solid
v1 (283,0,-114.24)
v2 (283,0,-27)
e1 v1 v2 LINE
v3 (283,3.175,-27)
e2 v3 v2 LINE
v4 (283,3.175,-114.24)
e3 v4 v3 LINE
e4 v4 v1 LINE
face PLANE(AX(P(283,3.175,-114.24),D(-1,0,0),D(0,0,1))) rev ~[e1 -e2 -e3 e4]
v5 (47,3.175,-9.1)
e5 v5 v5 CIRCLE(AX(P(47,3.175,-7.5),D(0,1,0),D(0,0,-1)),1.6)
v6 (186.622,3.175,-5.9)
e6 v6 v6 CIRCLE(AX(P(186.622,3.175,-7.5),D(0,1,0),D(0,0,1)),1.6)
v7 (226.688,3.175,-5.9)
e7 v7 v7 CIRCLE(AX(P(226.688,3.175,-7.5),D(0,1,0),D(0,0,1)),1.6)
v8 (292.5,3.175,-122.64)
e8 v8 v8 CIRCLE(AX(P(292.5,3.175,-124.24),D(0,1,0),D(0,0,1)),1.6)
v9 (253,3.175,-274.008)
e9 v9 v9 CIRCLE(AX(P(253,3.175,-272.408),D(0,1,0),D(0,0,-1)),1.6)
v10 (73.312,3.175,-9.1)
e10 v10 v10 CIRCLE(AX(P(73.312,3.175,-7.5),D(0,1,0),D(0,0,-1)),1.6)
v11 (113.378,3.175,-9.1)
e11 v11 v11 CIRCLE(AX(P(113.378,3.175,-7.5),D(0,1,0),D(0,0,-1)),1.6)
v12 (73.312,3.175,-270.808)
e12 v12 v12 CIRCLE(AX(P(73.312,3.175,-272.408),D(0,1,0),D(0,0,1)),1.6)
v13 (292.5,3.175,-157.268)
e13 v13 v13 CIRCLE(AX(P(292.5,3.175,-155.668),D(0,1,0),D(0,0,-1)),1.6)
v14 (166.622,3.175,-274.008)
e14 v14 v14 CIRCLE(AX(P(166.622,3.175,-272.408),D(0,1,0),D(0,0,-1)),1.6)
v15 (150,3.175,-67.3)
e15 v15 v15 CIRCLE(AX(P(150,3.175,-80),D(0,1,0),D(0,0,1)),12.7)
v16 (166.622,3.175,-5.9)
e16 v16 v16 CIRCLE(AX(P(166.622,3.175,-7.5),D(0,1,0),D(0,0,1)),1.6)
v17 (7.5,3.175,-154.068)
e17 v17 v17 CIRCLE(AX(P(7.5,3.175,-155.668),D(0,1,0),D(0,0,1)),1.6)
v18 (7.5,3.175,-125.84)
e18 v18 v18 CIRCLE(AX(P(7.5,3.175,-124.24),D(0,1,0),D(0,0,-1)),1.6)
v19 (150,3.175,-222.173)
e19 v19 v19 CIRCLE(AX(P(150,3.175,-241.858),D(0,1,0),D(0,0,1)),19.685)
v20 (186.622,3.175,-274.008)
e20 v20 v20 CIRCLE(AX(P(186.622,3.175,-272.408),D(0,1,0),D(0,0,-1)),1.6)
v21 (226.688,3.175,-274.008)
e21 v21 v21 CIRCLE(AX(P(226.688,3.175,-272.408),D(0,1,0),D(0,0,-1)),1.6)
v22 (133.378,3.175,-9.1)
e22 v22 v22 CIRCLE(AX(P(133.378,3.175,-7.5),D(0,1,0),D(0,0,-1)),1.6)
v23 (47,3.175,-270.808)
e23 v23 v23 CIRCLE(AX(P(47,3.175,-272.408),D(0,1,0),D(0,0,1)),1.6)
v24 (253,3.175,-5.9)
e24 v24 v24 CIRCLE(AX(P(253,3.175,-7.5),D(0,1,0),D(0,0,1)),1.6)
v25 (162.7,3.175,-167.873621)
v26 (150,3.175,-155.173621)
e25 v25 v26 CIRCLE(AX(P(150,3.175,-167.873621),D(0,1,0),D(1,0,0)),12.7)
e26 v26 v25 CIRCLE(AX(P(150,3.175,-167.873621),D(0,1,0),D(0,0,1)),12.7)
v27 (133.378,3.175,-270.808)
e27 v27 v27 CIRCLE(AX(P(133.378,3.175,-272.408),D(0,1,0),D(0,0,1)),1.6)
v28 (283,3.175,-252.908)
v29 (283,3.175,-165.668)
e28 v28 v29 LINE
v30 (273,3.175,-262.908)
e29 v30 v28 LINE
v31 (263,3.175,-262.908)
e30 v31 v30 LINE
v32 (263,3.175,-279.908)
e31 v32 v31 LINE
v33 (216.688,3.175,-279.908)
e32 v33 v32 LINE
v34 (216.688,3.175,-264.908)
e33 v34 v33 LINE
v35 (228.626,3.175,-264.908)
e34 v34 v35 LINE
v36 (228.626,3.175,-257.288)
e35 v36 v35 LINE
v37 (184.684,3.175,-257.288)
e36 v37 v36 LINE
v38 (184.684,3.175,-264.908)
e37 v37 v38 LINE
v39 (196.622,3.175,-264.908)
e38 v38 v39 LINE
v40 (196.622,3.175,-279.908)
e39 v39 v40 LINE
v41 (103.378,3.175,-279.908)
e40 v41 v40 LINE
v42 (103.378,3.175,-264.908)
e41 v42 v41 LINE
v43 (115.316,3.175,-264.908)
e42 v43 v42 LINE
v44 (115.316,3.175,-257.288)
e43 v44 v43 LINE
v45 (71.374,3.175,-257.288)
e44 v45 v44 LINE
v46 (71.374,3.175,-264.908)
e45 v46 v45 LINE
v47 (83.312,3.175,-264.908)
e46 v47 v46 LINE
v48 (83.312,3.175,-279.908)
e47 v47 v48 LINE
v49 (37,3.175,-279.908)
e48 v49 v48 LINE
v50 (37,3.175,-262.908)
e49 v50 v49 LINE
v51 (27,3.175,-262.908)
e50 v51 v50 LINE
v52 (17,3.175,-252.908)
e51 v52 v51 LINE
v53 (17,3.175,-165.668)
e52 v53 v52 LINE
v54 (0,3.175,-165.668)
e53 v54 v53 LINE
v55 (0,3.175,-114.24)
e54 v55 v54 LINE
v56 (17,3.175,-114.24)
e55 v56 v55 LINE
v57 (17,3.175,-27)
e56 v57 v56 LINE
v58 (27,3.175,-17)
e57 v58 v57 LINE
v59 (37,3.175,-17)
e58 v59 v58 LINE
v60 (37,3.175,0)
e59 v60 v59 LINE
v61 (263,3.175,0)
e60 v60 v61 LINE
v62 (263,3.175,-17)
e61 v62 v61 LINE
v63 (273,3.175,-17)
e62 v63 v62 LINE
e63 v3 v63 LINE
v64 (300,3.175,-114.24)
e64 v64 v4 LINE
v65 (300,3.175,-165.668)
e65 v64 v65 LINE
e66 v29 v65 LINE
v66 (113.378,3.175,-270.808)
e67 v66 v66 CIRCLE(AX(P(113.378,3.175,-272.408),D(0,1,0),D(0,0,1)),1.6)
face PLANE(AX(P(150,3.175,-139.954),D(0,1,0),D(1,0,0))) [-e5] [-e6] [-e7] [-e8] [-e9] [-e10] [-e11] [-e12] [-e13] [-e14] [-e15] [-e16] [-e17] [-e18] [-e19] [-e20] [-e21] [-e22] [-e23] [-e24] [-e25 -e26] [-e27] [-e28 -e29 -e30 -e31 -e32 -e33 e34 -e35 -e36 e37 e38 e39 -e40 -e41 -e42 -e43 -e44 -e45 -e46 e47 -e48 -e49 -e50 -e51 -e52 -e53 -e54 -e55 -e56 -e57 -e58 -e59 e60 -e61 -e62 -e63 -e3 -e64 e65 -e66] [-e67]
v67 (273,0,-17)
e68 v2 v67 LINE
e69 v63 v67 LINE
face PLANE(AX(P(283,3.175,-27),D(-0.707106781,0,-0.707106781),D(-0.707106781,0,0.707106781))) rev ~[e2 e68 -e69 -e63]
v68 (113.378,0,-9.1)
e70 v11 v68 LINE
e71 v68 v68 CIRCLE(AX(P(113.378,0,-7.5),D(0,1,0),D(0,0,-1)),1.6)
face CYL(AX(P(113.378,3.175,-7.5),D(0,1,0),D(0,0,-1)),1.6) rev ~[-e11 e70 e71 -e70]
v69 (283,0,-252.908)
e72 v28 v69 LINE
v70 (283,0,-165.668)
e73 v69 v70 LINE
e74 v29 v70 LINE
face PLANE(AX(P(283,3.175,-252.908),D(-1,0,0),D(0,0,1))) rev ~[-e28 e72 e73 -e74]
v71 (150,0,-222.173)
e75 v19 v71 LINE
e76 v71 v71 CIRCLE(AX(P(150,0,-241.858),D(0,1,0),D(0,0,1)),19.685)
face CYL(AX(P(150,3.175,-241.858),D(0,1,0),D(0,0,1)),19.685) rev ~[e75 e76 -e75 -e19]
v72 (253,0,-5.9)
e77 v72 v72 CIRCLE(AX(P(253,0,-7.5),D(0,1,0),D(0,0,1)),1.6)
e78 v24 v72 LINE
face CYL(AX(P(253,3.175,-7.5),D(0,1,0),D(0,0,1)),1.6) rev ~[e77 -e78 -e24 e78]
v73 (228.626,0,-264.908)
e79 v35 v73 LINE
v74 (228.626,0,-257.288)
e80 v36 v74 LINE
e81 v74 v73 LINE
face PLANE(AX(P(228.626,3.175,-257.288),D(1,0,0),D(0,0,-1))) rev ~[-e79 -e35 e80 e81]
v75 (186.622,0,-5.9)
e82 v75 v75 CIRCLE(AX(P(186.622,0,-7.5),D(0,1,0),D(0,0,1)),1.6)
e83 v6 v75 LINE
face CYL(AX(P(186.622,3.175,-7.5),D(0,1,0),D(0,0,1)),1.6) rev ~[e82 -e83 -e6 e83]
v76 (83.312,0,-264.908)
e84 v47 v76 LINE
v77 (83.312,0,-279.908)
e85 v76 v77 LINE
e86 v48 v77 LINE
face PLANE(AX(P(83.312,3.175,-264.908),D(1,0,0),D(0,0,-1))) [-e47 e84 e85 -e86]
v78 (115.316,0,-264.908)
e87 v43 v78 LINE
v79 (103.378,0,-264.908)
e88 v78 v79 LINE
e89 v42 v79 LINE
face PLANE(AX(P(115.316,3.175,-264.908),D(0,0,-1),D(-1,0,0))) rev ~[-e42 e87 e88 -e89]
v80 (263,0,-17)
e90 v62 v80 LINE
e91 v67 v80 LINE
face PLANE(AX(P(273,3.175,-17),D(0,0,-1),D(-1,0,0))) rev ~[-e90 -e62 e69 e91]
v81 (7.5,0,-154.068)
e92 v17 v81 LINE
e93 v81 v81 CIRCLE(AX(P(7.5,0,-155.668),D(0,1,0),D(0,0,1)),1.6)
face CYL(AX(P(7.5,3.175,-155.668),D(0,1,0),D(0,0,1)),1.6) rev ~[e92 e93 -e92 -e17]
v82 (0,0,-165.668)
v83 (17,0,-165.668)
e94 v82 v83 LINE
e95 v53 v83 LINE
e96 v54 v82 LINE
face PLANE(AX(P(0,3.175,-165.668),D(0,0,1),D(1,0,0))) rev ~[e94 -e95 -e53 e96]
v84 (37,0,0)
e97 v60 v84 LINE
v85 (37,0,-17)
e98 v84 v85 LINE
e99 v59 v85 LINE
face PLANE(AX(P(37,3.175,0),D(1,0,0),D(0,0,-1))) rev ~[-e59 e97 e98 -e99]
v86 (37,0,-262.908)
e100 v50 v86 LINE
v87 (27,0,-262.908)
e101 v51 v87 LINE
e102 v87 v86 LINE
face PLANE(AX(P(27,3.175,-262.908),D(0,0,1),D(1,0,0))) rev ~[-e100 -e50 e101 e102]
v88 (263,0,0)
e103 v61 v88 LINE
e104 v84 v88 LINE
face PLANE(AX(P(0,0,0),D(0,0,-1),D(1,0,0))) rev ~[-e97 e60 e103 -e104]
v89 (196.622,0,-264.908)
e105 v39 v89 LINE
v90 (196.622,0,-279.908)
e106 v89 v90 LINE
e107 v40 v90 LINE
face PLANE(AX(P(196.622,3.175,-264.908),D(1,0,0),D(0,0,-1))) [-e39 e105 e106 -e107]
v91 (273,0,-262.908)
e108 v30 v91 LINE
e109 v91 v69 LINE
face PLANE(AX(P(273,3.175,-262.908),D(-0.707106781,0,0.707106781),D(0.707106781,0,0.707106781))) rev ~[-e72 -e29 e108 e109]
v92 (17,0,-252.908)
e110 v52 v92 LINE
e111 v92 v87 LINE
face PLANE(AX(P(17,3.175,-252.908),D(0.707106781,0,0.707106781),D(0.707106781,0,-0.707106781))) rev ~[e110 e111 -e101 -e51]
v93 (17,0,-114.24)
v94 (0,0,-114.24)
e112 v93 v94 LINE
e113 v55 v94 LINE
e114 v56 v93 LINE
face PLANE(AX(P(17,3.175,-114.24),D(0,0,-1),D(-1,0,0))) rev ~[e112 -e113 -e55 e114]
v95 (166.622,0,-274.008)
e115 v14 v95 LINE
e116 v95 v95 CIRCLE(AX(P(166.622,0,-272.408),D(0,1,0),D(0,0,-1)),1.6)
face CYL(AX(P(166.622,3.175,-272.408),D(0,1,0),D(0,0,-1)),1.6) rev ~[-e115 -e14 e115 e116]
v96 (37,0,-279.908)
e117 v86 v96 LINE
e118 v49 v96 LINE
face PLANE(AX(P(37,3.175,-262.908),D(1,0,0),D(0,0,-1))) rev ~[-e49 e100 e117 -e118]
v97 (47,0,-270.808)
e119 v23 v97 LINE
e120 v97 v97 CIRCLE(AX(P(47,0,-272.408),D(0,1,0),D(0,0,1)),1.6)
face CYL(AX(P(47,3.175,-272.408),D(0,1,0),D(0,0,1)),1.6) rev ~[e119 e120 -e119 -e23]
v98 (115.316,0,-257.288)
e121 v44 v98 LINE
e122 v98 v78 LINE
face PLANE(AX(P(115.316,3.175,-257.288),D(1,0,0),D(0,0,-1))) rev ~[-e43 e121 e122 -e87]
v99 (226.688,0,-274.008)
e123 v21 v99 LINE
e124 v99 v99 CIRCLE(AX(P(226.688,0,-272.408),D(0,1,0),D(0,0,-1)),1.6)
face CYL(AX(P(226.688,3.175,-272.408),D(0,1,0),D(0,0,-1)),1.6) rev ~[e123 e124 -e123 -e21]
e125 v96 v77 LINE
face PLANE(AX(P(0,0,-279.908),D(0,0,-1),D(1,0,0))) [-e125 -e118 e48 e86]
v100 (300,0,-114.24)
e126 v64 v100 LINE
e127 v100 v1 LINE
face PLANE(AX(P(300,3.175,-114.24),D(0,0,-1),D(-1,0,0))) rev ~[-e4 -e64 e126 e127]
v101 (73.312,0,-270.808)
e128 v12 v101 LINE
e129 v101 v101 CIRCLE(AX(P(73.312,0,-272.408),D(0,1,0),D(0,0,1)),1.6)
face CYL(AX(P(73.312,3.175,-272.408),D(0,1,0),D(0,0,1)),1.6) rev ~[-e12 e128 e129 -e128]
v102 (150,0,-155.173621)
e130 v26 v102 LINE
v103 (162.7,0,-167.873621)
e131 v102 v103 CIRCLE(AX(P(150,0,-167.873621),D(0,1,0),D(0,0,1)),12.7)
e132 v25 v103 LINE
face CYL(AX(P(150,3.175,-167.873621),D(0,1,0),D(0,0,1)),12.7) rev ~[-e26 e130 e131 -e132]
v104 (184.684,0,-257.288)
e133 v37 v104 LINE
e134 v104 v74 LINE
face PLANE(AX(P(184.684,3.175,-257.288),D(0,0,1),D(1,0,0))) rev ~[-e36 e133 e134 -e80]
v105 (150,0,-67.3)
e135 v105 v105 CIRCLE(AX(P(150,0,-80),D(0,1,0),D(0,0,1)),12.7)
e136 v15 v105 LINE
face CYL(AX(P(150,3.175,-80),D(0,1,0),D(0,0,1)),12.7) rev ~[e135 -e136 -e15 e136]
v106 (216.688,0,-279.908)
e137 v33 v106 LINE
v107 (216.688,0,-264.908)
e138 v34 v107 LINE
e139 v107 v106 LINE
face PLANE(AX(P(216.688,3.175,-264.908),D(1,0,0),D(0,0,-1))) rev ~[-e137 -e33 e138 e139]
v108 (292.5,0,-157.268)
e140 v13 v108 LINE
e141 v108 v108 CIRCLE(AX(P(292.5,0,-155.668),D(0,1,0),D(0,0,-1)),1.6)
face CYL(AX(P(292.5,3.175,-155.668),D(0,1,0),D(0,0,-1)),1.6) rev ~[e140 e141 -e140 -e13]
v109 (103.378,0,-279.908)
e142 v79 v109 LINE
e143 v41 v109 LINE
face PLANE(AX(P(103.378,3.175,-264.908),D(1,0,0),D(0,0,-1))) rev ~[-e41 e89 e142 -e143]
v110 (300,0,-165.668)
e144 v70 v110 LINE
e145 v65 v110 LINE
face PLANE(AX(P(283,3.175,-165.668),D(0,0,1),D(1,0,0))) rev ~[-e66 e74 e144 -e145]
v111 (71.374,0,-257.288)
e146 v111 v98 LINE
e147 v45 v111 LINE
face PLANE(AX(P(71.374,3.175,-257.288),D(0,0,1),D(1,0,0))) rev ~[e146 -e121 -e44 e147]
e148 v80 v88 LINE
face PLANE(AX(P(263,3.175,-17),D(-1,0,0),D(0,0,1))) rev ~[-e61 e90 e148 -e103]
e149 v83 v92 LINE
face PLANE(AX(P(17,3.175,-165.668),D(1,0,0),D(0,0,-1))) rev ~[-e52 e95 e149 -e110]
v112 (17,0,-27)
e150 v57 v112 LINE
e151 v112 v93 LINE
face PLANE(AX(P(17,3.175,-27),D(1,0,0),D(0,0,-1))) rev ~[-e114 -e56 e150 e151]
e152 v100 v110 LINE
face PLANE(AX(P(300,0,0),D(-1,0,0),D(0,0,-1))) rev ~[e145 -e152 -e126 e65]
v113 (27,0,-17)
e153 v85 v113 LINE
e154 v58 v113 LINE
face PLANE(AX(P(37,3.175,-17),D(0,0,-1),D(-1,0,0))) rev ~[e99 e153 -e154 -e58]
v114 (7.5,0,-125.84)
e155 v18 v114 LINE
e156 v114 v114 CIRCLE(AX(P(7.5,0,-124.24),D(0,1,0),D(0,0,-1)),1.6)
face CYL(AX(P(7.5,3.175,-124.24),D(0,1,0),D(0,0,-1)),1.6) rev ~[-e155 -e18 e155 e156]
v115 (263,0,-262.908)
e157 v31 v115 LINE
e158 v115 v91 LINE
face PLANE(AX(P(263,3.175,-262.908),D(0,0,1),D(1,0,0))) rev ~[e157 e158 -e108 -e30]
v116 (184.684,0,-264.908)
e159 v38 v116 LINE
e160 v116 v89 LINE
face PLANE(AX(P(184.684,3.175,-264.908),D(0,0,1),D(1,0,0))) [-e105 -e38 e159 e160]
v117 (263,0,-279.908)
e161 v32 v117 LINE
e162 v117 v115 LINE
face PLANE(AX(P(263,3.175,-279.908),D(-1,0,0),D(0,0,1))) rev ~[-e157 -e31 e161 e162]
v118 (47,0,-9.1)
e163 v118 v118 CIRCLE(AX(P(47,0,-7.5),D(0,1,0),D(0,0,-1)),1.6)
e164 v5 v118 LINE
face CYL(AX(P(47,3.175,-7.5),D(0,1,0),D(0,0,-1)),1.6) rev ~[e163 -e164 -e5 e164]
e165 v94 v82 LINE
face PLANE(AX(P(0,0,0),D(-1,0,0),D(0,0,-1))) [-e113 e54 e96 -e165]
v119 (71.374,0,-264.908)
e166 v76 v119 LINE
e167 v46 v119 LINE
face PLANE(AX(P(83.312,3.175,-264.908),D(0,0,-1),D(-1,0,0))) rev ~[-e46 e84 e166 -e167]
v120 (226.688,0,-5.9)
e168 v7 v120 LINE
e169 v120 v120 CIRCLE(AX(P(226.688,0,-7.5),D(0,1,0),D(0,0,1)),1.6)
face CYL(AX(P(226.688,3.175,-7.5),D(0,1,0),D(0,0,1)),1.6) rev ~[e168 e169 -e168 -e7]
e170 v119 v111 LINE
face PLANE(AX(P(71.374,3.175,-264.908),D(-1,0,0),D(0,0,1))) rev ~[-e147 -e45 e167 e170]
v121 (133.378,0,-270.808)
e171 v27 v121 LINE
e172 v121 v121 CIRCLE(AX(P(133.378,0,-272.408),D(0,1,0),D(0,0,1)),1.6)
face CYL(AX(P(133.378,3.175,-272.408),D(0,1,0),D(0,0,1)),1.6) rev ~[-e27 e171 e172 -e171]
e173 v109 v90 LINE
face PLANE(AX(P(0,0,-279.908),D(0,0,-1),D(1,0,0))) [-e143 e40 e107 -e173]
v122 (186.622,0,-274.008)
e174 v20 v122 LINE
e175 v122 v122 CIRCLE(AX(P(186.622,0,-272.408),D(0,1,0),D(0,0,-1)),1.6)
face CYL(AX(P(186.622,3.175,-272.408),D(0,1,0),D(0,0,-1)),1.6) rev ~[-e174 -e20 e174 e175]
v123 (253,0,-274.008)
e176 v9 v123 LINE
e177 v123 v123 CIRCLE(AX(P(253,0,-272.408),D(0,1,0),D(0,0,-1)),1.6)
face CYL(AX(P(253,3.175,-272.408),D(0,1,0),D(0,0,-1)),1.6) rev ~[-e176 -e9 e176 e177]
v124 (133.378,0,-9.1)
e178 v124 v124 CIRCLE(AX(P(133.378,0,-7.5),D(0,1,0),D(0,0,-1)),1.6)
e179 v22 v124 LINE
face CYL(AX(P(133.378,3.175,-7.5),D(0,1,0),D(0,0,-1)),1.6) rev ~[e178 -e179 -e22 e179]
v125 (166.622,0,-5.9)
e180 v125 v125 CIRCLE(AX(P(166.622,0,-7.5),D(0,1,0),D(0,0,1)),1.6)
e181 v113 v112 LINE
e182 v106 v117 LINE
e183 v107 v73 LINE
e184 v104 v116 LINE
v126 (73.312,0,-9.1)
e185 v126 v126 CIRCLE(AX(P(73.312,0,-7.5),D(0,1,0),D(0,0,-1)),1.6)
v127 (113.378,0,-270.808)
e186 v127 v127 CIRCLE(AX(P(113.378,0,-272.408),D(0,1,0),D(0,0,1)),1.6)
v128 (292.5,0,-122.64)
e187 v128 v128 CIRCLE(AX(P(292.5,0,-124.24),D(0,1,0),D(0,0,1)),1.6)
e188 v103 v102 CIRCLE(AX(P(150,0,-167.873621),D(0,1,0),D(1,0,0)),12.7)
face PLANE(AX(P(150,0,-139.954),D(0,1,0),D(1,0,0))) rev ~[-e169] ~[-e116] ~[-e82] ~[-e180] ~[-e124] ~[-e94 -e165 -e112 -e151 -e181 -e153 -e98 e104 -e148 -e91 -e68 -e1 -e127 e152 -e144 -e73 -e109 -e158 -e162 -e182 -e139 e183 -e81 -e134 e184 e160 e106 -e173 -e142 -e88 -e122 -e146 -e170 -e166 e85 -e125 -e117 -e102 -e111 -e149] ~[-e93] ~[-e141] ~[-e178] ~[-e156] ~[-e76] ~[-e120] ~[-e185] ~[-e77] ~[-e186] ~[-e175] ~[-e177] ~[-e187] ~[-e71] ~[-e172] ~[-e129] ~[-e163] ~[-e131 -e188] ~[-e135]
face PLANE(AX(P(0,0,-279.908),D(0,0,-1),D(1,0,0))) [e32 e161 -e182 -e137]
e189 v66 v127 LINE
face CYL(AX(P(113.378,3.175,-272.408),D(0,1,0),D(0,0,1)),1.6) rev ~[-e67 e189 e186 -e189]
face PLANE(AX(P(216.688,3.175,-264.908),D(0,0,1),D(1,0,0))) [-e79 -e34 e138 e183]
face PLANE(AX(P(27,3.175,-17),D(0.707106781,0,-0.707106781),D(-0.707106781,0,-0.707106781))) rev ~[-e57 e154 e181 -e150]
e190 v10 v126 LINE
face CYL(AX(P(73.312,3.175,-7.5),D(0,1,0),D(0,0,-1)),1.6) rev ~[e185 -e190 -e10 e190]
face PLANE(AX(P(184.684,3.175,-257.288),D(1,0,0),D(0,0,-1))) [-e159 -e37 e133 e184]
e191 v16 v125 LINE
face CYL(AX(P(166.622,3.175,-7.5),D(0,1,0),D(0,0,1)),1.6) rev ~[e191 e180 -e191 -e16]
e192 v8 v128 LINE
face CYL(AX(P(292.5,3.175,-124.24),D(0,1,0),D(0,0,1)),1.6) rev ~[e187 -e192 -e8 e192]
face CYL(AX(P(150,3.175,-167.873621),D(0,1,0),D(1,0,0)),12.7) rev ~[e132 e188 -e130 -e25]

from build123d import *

# Parameters (mm, degrees)
SKETCH1_W           = 300
SKETCH1_H           = 279.908
BOSS_EXTRUDE1_DEPTH = 3.175
SKETCH2_W           = 17
SKETCH2_H           = 17
SKETCH2_W_2         = 20.066
SKETCH2_H_2         = 15
SKETCH2_W_3         = 43.942
SKETCH2_H_3         = 7.62
CUT_EXTRUDE1_DEPTH  = 3.175
SKETCH3_R           = 12.7
SKETCH3_R_2         = 19.685
SKETCH3_R_3         = 1.6
CUT_EXTRUDE2_DEPTH  = 3.175


with BuildPart() as part:
    # Sketch1 → Boss-Extrude1 (new body)
    with BuildSketch(Plane(origin=(0, 0, 0), x_dir=(1, 0, 0), z_dir=(0, 1, 0))):
        with Locations((150, 139.954)):
            Rectangle(SKETCH1_W, SKETCH1_H)
    extrude(amount=BOSS_EXTRUDE1_DEPTH)

    # Sketch2 → Cut-Extrude1 (cut)
    with BuildSketch(Plane(origin=(0, 3.175, 0), x_dir=(1, 0, 0), z_dir=(0, 1, 0))):
        Polygon((283, 27), (273, 17), (283, 17), align=None)
        Polygon((273, 17), (263, 17), (263, 0), (283, 0), (283, 17), align=None)
        with Locations((291.5, 8.5)):
            Rectangle(SKETCH2_W, SKETCH2_H)
        Polygon((283, 27), (283, 17), (300, 17), (300, 114.24), (283, 114.24), align=None)
        Polygon((273, 262.908), (283, 252.908), (283, 262.908), align=None)
        Polygon((283, 165.668), (300, 165.668), (300, 262.908), (283, 262.908), (283, 252.908), align=None)
        with Locations((291.5, 271.408)):
            Rectangle(SKETCH2_W, SKETCH2_H)
        Polygon((283, 279.908), (263, 279.908), (263, 262.908), (273, 262.908), (283, 262.908), align=None)
        Polygon((17, 17), (27, 17), (17, 27), align=None)
        Polygon((17, 0), (37, 0), (37, 17), (27, 17), (17, 17), align=None)
        with Locations((8.5, 8.5)):
            Rectangle(SKETCH2_W, SKETCH2_H)
        Polygon((17, 114.24), (0, 114.24), (0, 17), (17, 17), (17, 27), align=None)
        Polygon((27, 262.908), (17, 262.908), (17, 252.908), align=None)
        Polygon((37, 262.908), (37, 279.908), (17, 279.908), (17, 262.908), (27, 262.908), align=None)
        with Locations((8.5, 271.408)):
            Rectangle(SKETCH2_W, SKETCH2_H)
        Polygon((0, 262.908), (0, 165.668), (17, 165.668), (17, 252.908), (17, 262.908), align=None)
        with Locations((93.345, 272.408)):
            Rectangle(SKETCH2_W_2, SKETCH2_H_2)
        Polygon((115.316, 264.908), (103.378, 264.908), (83.312, 264.908), (71.374, 264.908), (71.374, 257.288), (115.316, 257.288), align=None)
        with Locations((206.655, 272.408)):
            Rectangle(SKETCH2_W_2, SKETCH2_H_2)
        with Locations((206.655, 261.098)):
            Rectangle(SKETCH2_W_3, SKETCH2_H_3)
    extrude(amount=-CUT_EXTRUDE1_DEPTH, mode=Mode.SUBTRACT)

    # Sketch3 → Cut-Extrude2 (cut)
    with BuildSketch(Plane(origin=(0, 3.175, 0), x_dir=(1, 0, 0), z_dir=(0, 1, 0))):
        with Locations(Location((150, 167.873621066, 0), (0, 0, 270))):
            Circle(SKETCH3_R)
        with BuildLine():
            ThreePointArc((150, 180.573621066), (137.3, 167.873621066), (150, 155.173621066))
            Line((150, 155.173621066), (150, 180.573621066))
        make_face()
        with BuildLine():
            Line((150, 180.573621066), (150, 155.173621066))
            ThreePointArc((150, 155.173621066), (158.980256121, 158.893364945), (162.7, 167.873621066))
            ThreePointArc((162.7, 167.873621066), (158.980256121, 176.853877188), (150, 180.573621066))
        make_face()
        with Locations(Location((150, 241.858, 0), (0, 0, 270))):
            Circle(SKETCH3_R_2)
        with Locations(Location((150, 80, 0), (0, 0, 270))):
            Circle(SKETCH3_R)
        with Locations(Location((7.5, 155.668, 0), (0, 0, 270))):
            Circle(SKETCH3_R_3)
        with Locations(Location((7.5, 124.24, 0), (0, 0, 90))):
            Circle(SKETCH3_R_3)
        with Locations(Location((47, 7.5, 0), (0, 0, 90))):
            Circle(SKETCH3_R_3)
        with Locations(Location((73.312, 7.5, 0), (0, 0, 90))):
            Circle(SKETCH3_R_3)
        with Locations(Location((113.378, 7.5, 0), (0, 0, 90))):
            Circle(SKETCH3_R_3)
        with Locations(Location((133.378, 7.5, 0), (0, 0, 90))):
            Circle(SKETCH3_R_3)
        with Locations(Location((166.622, 7.5, 0), (0, 0, 270))):
            Circle(SKETCH3_R_3)
        with Locations(Location((186.622, 7.5, 0), (0, 0, 270))):
            Circle(SKETCH3_R_3)
        with Locations(Location((226.688, 7.5, 0), (0, 0, 270))):
            Circle(SKETCH3_R_3)
        with Locations(Location((253, 7.5, 0), (0, 0, 270))):
            Circle(SKETCH3_R_3)
        with Locations(Location((47, 272.408, 0), (0, 0, 270))):
            Circle(SKETCH3_R_3)
        with Locations(Location((73.312, 272.408, 0), (0, 0, 270))):
            Circle(SKETCH3_R_3)
        with Locations(Location((113.378, 272.408, 0), (0, 0, 270))):
            Circle(SKETCH3_R_3)
        with Locations(Location((133.378, 272.408, 0), (0, 0, 270))):
            Circle(SKETCH3_R_3)
        with Locations(Location((166.622, 272.408, 0), (0, 0, 90))):
            Circle(SKETCH3_R_3)
        with Locations(Location((186.622, 272.408, 0), (0, 0, 90))):
            Circle(SKETCH3_R_3)
        with Locations(Location((226.688, 272.408, 0), (0, 0, 90))):
            Circle(SKETCH3_R_3)
        with Locations(Location((253, 272.408, 0), (0, 0, 90))):
            Circle(SKETCH3_R_3)
        with Locations(Location((292.5, 155.668, 0), (0, 0, 90))):
            Circle(SKETCH3_R_3)
        with Locations(Location((292.5, 124.24, 0), (0, 0, 270))):
            Circle(SKETCH3_R_3)
    extrude(amount=-CUT_EXTRUDE2_DEPTH, mode=Mode.SUBTRACT)


solid = part.part
